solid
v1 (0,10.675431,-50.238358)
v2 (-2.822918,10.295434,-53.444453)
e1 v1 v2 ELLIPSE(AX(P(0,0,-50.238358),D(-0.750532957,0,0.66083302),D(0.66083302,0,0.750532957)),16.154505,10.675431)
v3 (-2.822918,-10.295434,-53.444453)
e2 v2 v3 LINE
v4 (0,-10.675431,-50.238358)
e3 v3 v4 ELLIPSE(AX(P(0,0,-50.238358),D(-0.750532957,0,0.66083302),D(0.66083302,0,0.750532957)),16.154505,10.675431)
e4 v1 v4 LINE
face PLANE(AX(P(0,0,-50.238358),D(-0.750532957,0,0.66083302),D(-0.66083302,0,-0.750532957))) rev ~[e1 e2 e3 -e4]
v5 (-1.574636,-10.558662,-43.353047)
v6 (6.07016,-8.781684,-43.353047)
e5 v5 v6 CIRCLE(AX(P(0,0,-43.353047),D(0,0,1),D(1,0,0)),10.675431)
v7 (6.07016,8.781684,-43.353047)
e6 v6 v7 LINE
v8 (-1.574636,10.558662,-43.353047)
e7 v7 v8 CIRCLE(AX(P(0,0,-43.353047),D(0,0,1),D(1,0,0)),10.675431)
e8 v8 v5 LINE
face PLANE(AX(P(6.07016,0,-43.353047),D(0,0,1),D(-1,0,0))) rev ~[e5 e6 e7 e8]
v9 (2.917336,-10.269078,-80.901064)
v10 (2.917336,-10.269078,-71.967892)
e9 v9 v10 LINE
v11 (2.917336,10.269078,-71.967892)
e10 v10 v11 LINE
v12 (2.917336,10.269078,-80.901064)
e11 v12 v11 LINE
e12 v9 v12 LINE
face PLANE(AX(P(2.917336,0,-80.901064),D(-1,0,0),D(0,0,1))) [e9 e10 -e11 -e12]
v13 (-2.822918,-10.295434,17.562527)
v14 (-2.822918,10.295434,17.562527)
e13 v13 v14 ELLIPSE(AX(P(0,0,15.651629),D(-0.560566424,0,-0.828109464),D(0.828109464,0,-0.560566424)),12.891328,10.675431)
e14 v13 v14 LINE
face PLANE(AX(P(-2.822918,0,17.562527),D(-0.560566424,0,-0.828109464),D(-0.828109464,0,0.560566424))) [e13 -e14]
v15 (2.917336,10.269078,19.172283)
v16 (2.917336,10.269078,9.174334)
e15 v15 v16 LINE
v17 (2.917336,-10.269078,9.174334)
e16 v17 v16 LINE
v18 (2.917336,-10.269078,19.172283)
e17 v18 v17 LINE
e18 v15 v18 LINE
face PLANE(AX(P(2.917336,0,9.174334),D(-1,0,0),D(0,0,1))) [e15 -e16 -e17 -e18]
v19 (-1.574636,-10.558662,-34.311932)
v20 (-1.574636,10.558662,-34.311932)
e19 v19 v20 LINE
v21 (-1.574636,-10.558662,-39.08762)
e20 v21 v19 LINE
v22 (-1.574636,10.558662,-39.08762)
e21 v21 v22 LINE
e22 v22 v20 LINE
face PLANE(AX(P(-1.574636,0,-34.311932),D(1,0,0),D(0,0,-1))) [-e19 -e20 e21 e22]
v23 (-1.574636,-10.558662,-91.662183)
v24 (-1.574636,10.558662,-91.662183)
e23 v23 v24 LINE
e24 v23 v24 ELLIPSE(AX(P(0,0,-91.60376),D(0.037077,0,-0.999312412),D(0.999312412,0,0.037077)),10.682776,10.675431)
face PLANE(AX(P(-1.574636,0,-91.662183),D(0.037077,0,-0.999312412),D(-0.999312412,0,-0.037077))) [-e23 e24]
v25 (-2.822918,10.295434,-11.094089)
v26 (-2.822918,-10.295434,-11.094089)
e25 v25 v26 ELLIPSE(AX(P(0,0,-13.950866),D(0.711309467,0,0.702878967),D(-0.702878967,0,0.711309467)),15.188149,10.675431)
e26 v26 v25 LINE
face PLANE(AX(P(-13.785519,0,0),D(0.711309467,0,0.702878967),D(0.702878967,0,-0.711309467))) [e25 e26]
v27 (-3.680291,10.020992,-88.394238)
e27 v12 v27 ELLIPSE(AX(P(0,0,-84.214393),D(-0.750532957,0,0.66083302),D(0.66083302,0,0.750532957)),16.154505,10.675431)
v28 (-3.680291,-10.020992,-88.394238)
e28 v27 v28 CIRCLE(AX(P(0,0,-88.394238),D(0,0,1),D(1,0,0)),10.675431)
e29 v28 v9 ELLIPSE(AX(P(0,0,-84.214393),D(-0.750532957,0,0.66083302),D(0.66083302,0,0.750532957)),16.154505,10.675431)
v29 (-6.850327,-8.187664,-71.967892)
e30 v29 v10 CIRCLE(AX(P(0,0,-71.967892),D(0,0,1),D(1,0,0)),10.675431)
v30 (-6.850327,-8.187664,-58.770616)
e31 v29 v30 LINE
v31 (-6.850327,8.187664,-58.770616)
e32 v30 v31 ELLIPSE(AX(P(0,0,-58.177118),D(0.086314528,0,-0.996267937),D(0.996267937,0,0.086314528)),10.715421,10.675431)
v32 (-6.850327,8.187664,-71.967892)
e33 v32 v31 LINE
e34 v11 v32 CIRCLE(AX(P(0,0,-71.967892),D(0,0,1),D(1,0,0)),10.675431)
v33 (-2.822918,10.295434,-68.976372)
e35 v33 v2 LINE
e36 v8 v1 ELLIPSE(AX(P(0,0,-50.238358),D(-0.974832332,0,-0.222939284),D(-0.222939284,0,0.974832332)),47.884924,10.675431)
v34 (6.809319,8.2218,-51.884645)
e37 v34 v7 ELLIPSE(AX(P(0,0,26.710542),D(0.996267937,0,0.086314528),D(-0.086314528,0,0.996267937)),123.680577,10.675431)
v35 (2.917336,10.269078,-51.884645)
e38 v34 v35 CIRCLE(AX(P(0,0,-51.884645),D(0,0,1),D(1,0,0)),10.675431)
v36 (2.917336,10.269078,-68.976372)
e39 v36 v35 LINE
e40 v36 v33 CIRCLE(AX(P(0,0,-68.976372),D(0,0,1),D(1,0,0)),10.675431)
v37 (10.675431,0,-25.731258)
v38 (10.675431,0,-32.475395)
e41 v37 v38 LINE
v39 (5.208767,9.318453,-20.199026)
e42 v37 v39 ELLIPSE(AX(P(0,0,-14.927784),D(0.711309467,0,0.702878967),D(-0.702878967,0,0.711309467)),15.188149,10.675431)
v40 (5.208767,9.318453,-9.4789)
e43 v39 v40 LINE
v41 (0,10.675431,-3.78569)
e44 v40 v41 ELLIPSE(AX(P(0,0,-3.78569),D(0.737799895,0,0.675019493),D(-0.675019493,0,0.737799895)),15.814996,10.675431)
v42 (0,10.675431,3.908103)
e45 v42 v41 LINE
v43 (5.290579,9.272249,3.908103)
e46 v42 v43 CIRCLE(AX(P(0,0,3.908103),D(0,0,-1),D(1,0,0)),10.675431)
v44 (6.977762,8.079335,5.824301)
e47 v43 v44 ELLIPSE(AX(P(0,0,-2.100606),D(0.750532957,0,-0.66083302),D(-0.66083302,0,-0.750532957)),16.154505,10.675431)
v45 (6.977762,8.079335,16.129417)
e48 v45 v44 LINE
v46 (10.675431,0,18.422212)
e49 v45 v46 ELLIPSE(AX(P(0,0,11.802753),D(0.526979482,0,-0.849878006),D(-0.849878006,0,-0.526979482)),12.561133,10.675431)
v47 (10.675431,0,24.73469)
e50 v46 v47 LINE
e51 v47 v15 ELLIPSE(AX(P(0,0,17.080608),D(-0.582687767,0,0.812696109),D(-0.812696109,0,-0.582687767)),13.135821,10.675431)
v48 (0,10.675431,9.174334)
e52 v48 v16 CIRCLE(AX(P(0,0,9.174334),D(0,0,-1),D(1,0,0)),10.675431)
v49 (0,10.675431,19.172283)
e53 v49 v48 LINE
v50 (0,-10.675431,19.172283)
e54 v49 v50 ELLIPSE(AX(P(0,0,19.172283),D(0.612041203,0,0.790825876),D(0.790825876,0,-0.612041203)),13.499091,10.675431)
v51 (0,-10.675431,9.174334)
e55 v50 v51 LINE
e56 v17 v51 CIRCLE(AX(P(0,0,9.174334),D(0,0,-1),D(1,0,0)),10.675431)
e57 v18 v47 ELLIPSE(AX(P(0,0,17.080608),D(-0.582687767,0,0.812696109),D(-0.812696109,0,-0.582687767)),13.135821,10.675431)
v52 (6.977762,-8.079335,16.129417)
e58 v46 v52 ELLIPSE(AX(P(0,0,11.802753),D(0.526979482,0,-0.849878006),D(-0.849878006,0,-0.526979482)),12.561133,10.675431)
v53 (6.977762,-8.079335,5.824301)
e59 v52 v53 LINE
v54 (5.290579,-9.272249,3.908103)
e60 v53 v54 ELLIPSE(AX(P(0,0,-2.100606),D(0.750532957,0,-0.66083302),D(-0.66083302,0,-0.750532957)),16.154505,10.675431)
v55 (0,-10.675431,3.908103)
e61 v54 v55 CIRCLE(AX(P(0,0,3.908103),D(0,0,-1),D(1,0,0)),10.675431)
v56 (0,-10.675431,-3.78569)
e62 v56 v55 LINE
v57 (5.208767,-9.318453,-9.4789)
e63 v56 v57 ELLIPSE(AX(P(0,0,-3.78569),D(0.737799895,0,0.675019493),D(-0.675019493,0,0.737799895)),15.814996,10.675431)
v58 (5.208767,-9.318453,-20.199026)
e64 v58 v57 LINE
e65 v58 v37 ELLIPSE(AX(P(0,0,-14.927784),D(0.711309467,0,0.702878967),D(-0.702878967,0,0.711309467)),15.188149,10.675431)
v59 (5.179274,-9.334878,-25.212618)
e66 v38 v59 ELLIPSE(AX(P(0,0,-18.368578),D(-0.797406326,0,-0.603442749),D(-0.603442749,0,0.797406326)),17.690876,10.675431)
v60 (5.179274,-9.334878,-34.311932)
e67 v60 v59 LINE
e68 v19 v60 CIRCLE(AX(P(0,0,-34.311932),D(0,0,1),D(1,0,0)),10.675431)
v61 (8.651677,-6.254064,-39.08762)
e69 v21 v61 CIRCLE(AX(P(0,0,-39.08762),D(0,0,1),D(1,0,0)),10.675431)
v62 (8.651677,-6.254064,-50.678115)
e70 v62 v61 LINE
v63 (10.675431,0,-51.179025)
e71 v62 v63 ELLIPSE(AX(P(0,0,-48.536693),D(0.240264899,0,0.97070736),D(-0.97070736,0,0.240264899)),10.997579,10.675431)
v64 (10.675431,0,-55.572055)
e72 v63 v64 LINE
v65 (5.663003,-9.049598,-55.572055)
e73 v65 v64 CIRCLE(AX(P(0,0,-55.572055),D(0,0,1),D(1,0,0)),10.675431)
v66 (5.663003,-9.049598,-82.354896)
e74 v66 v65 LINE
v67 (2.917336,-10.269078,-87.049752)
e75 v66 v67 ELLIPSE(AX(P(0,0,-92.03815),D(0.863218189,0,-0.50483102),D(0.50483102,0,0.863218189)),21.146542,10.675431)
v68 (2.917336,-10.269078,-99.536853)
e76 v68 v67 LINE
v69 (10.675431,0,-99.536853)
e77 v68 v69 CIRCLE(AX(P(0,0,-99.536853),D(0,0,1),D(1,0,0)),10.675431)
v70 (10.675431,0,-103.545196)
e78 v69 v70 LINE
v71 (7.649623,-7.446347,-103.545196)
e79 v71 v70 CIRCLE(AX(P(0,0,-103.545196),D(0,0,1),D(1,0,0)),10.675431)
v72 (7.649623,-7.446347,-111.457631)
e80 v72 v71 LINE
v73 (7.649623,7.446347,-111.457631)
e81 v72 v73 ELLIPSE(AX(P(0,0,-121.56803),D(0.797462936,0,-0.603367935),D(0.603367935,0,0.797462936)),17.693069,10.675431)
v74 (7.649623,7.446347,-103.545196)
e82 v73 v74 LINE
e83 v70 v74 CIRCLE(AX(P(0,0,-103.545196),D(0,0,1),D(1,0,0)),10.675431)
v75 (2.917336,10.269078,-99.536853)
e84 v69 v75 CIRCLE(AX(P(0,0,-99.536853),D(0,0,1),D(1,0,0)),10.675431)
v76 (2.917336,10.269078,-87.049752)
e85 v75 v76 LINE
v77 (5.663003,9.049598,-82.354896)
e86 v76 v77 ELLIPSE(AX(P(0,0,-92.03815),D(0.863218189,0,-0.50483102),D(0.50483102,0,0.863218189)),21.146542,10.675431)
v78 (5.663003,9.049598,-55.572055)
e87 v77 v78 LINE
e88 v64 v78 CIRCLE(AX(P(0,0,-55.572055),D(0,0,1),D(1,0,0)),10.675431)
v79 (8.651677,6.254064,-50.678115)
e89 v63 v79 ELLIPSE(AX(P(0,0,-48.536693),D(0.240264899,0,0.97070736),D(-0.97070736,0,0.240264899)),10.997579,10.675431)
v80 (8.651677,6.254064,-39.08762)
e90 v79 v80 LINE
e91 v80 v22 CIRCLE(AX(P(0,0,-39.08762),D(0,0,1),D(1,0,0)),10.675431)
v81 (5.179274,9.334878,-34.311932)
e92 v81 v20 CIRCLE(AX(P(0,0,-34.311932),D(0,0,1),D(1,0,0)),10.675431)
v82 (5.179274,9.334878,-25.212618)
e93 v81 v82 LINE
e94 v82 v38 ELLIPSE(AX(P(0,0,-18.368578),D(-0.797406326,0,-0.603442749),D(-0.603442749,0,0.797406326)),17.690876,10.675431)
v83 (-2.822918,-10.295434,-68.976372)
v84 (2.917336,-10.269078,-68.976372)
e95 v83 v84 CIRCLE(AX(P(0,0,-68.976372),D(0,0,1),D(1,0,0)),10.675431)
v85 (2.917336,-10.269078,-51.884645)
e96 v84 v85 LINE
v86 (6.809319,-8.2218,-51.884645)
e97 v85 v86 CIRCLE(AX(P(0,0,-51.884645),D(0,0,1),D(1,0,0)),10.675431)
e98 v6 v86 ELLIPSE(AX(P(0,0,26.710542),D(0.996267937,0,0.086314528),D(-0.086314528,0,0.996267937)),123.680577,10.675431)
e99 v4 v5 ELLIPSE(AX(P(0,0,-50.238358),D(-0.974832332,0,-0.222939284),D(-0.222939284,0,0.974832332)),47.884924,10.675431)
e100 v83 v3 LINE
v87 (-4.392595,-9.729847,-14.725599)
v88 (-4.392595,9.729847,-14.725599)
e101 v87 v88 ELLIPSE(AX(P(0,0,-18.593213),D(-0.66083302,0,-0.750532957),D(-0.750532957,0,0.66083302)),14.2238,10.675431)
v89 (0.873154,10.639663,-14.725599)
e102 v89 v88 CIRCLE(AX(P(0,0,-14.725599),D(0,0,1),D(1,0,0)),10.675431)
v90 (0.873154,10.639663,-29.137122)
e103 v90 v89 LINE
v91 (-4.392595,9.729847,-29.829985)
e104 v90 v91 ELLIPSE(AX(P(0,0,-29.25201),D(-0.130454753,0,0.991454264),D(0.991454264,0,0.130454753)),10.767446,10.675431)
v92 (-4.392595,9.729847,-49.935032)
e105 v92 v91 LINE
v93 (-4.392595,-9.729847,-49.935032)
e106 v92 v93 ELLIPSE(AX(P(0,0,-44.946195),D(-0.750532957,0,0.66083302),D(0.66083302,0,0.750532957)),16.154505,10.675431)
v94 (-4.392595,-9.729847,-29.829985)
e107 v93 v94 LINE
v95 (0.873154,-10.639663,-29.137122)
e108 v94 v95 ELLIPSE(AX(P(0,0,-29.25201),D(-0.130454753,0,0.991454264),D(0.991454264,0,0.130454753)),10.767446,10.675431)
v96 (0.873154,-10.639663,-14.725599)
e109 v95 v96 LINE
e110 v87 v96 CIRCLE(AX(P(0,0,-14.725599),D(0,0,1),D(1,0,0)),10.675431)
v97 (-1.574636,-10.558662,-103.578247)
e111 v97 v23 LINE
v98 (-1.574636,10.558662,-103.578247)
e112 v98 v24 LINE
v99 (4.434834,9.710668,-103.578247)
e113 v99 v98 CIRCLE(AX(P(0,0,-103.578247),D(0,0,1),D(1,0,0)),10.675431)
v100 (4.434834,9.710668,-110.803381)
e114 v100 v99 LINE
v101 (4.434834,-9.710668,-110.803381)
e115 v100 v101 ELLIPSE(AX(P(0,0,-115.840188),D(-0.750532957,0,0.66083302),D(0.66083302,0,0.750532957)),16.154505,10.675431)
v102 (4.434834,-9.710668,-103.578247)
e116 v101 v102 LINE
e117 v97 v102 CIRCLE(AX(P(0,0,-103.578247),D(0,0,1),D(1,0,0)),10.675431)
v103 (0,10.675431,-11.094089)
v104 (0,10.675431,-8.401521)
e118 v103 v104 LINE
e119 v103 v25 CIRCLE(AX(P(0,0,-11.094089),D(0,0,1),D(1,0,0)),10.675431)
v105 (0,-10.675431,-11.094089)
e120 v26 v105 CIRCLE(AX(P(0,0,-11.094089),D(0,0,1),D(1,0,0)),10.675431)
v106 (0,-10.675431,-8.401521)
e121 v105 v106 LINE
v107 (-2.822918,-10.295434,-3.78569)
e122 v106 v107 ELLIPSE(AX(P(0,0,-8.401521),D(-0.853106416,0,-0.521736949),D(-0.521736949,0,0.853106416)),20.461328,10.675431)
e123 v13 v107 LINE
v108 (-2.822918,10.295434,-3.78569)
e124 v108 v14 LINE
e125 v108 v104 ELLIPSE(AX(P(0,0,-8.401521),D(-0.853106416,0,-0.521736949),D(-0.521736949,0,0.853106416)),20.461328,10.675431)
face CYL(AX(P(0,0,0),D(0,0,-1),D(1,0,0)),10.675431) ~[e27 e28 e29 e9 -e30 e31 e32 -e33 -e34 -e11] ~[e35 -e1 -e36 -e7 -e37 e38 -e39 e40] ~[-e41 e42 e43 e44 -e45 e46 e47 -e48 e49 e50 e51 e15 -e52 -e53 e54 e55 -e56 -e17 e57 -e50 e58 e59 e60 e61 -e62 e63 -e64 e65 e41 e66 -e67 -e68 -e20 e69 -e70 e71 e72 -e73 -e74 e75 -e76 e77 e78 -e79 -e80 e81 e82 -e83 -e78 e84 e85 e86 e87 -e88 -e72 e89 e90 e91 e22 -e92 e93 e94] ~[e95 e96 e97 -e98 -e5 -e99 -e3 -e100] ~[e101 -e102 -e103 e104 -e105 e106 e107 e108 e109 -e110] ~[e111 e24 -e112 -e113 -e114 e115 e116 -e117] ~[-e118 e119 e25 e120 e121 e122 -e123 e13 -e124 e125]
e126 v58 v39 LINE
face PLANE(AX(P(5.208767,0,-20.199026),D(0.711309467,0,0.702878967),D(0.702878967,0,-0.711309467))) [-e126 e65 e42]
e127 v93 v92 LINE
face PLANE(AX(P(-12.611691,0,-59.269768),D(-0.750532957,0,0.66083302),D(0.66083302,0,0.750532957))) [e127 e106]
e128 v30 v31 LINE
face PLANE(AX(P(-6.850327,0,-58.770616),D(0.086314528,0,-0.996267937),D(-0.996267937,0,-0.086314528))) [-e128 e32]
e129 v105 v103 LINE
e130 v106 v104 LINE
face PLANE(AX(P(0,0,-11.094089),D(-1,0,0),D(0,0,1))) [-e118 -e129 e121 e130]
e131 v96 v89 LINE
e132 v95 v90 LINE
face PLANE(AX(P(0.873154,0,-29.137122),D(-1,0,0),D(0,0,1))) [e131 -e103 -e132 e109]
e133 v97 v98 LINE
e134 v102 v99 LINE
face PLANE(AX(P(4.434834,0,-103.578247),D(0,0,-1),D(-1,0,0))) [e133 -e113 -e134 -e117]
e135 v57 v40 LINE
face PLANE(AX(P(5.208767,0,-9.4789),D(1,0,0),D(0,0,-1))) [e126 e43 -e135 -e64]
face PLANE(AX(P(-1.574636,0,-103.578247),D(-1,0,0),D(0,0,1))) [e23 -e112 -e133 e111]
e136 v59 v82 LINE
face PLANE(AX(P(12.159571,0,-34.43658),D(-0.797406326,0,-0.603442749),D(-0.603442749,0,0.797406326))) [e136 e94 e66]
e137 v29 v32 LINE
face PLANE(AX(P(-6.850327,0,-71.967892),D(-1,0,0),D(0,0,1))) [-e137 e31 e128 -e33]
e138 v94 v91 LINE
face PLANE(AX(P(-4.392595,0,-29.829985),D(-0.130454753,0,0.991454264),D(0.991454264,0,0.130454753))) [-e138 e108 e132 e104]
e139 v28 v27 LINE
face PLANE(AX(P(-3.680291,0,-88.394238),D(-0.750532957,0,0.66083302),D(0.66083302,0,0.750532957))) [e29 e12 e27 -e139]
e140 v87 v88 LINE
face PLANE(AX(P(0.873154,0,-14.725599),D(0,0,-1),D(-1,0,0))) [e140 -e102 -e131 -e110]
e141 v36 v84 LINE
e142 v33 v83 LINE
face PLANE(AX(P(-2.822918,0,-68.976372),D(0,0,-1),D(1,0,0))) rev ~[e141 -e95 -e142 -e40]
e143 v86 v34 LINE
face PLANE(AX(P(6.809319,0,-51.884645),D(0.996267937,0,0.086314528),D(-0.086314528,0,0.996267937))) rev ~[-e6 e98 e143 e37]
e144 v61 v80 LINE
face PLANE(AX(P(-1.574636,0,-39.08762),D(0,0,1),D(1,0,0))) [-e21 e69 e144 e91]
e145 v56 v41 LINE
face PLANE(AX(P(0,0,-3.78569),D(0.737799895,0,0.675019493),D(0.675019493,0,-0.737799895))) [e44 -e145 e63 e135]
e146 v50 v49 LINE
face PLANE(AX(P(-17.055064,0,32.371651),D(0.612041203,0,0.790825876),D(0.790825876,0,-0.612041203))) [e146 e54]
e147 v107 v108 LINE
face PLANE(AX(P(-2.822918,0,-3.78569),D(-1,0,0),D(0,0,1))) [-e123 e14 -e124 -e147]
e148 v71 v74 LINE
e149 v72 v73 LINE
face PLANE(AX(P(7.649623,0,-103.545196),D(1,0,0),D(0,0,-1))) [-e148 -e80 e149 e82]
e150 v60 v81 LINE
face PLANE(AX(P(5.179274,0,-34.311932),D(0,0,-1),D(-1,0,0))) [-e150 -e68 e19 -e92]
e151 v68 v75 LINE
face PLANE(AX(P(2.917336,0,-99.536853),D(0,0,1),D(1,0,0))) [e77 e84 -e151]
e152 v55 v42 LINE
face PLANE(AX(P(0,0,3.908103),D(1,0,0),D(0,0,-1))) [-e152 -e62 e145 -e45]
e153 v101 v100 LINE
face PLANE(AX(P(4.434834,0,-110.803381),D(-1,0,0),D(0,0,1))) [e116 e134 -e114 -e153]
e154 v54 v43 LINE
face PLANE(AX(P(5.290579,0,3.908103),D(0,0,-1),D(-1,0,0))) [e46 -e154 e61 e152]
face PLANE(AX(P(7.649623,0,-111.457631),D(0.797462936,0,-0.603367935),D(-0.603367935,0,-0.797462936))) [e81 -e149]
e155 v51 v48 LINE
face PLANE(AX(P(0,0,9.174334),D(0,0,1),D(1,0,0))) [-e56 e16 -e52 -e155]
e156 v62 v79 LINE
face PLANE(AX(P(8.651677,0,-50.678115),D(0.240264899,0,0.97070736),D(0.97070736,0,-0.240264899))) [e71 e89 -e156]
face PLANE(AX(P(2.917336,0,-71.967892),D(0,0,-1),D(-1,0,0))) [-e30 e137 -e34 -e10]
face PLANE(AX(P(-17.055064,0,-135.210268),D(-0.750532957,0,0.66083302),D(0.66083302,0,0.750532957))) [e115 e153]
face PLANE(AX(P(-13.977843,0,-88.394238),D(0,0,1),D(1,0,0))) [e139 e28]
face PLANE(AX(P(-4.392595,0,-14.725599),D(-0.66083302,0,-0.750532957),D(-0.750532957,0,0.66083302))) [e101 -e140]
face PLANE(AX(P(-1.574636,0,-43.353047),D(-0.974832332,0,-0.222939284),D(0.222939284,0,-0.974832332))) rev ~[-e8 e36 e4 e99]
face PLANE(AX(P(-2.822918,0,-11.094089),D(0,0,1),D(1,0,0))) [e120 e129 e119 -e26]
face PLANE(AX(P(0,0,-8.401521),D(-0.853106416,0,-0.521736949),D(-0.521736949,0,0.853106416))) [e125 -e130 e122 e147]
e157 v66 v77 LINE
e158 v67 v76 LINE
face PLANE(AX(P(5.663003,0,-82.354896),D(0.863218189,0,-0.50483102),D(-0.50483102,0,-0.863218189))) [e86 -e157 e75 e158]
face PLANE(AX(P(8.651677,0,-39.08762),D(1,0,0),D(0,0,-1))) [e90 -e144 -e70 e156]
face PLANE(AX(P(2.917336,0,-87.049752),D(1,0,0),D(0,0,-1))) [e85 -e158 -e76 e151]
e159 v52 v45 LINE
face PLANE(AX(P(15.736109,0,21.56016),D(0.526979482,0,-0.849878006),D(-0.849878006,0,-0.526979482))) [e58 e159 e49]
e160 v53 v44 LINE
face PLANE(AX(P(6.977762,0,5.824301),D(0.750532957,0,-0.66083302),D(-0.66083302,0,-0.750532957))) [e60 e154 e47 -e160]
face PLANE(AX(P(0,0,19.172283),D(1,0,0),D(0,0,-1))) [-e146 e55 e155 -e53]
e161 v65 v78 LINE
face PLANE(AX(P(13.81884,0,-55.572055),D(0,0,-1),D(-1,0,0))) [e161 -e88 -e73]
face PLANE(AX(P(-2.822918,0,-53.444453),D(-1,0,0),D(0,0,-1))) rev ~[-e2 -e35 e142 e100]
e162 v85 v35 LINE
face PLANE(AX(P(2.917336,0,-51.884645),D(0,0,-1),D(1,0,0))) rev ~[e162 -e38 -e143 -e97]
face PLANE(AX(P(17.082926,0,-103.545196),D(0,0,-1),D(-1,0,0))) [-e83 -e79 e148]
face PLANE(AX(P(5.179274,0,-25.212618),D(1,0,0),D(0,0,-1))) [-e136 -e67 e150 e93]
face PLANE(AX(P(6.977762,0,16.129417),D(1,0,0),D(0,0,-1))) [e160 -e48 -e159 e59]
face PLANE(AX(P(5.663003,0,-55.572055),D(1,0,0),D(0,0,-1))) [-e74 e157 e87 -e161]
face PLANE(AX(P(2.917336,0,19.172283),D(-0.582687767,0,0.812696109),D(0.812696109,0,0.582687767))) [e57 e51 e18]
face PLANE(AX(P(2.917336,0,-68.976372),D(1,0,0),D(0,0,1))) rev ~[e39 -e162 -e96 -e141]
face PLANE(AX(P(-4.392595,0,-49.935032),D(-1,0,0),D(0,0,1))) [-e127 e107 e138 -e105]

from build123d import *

# Parameters (mm, degrees)
F0_R     = 10.675430612
F1_DEPTH = 137.16
F2_DEPTH = 38.1
F3_W     = 73.8532952964
F3_H     = 204.6351656318
F4_DEPTH = 12.7


with BuildPart() as f1:
    # F0 (on Top) → F1 (new body)
    with BuildSketch(Plane.XY):
        Circle(F0_R)
    extrude(amount=-F1_DEPTH)

    # F2 (add): a face of the model
    f2_faces = [f1.faces().sort_by_distance(p)[0] for p in [
        (0, 0, 0),
    ]]
    extrude(f2_faces, amount=F2_DEPTH)

    # F3 (on Front) → F4 (cut, symmetric)
    with BuildSketch(Plane.XZ):
        with Locations((0.4835147411, -55.2906431258)):
            Rectangle(F3_W, F3_H)
        Polygon((2.9173363, 19.1722828895), (11.8985436857, 25.6116390228), (15.7361086458, 21.5601604432), (6.9777617314, 16.1294173449), (6.9777617314, 5.8243007956), (5.2905785851, 3.9081033319), (0, 3.9081033319), (0, -3.7856895942), (5.2087670282, -9.4788996503), (5.2087670282, -20.1990260627), (15.5135185486, -30.6273752617), (12.1595710516, -34.4365797937), (5.1792738959, -25.212617591), (5.1792738959, -34.3119315803), (-1.5746362042, -34.3119315803), (-1.5746362042, -39.0876196325), (8.6516765878, -39.0876196325), (8.6516765878, -50.6781153381), (13.8188395649, -51.9570671022), (13.8188395649, -55.5720552802), (5.6630028412, -55.5720552802), (5.6630028412, -82.3548957705), (2.9173363, -87.0497524738), (2.9173363, -99.5368526672), (16.7356515435, -99.5368526672), (17.0829258859, -103.5451963544), (7.6496228576, -103.5451963544), (7.6496228576, -111.4576309919), (-13.9778433368, -140.0423496962), (-17.0550644398, -135.2102676343), (4.4348337688, -110.8033806086), (4.4348337688, -103.5782471299), (-1.5746362042, -103.5782471299), (-1.5746362042, -91.662183404), (-13.6558805862, -92.110427912), (-13.9778433368, -88.3942381419), (-3.6802912408, -88.3942381419), (2.9173363, -80.9010639787), (2.9173363, -71.9678923488), (-6.8503268994, -71.9678923488), (-6.8503268994, -58.7706156075), (-12.6116908069, -59.2697678805), (-4.392595496, -49.9350316823), (-4.392595496, -29.8299845308), (0.8731535636, -29.1371215135), (0.8731535636, -14.7255985066), (-4.392595496, -14.7255985066), (-13.9778433368, -6.2859314494), (-17.0550644398, -8.4015205503), (-13.7855187058, 0), (-2.8229181189, -11.0940886661), (0, -11.0940886661), (0, -8.4015205503), (-2.8229181189, -3.7856895942), (-2.8229181189, 17.5625272095), (-15.3241287917, 26.0248854756), (-17.0550644398, 32.3716513813), (0, 19.1722828895), (0, 9.1743338853), (2.9173363, 9.1743338853), align=None, mode=Mode.SUBTRACT)
        Polygon((6.0701598413, -43.3530472219), (-1.5746362042, -43.3530472219), (0, -50.2383581229), (-2.8229181189, -53.4444525838), (-2.8229181189, -68.9763724804), (2.9173363, -68.9763724804), (2.9173363, -51.8846450228), (6.8093192667, -51.8846450228), align=None)
    extrude(amount=F4_DEPTH, both=True, mode=Mode.SUBTRACT)


solid = f1.part
